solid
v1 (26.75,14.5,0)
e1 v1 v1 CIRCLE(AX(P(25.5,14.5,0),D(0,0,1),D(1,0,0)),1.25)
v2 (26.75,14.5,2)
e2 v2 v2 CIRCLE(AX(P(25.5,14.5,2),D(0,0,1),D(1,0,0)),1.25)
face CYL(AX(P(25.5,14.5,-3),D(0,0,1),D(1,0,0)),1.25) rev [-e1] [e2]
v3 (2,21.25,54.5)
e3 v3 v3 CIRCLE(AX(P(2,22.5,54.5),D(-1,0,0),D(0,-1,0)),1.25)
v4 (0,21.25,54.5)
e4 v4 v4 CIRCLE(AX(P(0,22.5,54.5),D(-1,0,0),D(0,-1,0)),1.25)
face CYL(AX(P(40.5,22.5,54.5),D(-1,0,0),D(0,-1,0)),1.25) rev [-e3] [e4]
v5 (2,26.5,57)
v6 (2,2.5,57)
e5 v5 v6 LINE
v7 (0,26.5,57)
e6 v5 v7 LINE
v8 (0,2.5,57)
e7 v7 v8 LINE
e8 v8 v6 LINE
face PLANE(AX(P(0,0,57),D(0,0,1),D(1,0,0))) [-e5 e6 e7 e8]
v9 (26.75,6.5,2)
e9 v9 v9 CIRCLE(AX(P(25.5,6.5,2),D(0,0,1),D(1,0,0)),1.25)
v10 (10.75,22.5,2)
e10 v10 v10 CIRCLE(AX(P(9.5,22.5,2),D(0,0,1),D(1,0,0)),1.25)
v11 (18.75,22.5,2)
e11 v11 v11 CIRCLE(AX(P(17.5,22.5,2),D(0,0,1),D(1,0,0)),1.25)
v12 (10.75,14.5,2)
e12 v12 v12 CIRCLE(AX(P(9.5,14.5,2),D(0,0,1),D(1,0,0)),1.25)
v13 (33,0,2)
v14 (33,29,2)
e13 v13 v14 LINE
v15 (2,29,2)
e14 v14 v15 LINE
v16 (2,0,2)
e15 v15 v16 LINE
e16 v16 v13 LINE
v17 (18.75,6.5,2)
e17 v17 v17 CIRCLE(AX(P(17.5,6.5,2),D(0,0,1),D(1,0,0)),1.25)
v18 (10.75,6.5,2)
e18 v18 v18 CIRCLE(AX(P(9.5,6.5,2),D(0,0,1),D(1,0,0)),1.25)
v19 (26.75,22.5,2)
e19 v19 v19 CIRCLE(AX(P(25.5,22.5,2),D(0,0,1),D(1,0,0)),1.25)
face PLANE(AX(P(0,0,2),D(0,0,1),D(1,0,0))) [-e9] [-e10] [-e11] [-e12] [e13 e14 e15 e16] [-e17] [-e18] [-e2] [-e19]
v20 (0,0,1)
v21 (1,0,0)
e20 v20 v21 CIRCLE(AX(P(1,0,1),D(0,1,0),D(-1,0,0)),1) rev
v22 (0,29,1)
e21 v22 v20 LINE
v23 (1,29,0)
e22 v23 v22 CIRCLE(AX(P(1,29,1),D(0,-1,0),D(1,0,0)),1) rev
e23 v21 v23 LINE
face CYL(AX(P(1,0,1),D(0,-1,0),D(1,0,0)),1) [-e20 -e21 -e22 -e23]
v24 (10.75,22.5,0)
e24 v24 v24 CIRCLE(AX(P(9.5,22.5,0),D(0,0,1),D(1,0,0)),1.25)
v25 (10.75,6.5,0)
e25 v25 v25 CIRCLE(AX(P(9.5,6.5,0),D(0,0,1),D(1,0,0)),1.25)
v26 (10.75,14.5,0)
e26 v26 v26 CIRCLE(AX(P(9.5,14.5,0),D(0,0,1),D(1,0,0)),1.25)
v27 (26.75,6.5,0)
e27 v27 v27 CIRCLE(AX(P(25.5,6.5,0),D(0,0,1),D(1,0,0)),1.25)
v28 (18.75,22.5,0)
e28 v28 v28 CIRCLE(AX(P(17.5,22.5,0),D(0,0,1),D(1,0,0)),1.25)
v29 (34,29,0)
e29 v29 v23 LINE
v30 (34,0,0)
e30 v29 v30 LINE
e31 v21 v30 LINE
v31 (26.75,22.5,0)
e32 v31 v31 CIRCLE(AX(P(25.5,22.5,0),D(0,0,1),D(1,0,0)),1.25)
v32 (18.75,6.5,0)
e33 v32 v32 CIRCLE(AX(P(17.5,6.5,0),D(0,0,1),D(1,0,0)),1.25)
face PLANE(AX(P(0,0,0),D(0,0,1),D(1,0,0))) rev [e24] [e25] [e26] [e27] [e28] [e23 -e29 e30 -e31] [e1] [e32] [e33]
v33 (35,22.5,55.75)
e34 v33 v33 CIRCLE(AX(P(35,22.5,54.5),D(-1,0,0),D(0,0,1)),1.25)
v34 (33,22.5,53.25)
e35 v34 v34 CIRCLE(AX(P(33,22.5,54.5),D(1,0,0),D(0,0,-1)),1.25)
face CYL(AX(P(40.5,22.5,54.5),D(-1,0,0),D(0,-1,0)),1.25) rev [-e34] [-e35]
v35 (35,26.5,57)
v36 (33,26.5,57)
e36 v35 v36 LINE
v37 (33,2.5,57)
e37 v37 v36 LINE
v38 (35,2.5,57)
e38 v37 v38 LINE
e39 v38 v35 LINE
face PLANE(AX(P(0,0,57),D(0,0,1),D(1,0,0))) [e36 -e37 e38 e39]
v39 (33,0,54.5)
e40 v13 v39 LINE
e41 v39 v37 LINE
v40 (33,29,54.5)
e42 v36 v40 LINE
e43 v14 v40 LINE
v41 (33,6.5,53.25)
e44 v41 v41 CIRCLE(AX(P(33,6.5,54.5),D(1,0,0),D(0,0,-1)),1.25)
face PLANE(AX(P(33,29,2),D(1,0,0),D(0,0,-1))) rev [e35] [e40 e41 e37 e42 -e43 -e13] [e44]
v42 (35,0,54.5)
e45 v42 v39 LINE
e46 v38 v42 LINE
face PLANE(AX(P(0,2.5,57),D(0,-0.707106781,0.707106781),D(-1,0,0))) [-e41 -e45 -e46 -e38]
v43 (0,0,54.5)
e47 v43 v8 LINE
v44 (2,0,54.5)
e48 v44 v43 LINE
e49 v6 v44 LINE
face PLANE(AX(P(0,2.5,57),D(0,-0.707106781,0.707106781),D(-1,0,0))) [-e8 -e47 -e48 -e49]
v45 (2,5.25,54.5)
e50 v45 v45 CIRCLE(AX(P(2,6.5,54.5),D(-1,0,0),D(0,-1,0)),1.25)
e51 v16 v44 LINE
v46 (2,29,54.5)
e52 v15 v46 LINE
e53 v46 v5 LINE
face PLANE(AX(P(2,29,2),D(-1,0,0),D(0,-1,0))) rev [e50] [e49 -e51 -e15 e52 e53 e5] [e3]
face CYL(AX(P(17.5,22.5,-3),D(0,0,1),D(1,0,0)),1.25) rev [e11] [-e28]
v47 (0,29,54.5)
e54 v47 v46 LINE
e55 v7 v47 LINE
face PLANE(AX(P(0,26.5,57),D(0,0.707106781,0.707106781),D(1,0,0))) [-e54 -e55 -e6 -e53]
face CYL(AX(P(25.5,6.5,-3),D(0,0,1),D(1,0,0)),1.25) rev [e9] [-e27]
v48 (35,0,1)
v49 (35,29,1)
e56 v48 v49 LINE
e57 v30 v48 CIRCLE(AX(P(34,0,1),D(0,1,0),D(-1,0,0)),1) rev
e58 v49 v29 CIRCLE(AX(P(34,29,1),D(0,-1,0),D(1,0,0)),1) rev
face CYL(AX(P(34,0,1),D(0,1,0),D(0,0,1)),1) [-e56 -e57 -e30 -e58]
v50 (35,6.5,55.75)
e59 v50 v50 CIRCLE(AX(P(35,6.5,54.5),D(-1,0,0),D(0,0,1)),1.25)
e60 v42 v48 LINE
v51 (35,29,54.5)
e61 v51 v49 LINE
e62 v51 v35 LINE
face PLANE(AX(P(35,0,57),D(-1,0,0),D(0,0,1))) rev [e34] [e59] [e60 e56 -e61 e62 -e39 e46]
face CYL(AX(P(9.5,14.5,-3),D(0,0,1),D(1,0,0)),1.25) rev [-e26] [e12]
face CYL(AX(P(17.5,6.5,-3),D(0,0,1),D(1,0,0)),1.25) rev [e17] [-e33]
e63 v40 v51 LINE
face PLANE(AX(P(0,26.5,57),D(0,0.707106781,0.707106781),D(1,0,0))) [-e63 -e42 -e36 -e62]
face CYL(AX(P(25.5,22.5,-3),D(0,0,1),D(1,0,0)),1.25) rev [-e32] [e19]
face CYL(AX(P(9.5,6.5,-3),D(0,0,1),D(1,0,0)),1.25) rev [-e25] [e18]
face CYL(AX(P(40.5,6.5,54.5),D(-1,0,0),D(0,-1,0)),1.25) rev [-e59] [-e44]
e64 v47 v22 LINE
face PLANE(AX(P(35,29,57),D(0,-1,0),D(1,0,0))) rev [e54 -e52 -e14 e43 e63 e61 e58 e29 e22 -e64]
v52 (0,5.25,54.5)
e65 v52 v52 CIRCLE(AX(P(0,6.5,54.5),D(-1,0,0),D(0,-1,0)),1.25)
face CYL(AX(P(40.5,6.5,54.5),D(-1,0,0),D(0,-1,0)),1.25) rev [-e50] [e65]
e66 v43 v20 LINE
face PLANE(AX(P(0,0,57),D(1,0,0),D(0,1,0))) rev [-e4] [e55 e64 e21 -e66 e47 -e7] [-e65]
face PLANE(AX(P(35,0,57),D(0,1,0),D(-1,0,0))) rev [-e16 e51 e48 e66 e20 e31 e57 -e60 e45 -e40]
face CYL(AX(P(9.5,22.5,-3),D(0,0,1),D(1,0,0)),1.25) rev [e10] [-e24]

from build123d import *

# Parameters (mm, degrees)
SKETCH1_W           = 35
SKETCH1_H           = 29
BOSS_EXTRUDE1_DEPTH = 57
SKETCH3_W           = 31
SKETCH3_H           = 29
CUT_EXTRUDE1_DEPTH  = 55
FILLET1_R           = 1
CHAMFER1_SIZE       = 2.5
SKETCH4_R           = 1.25
CUT_EXTRUDE2_DEPTH  = 40.5
SKETCH7_R           = 1.25
CUT_EXTRUDE3_DEPTH  = 5


with BuildPart() as part:
    # Sketch1 → Boss-Extrude1 (new body)
    with BuildSketch(Plane.XY):
        with Locations((17.5, 14.5)):
            Rectangle(SKETCH1_W, SKETCH1_H)
    extrude(amount=BOSS_EXTRUDE1_DEPTH)

    # Sketch3 → Cut-Extrude1 (cut)
    with BuildSketch(Plane.XY.offset(57)):
        with Locations((17.5, 14.5)):
            Rectangle(SKETCH3_W, SKETCH3_H)
    extrude(amount=-CUT_EXTRUDE1_DEPTH, mode=Mode.SUBTRACT)

    # Fillet1
    fillet1_edges = [part.edges().sort_by_distance(p)[0] for p in [
        (0, 14.5, 0),
        (35, 14.5, 0),
    ]]
    fillet(fillet1_edges, radius=FILLET1_R)

    # Chamfer1
    chamfer1_edges = [part.edges().sort_by_distance(p)[0] for p in [
        (1, 0, 57),
        (1, 29, 57),
        (34, 0, 57),
        (34, 29, 57),
    ]]
    chamfer(chamfer1_edges, length=CHAMFER1_SIZE)

    # Sketch4 → Cut-Extrude2 (cut)
    with BuildSketch(Plane.ZY):
        with Locations((54.5, 22.5)):
            Circle(SKETCH4_R)
        with Locations((54.5, 6.5)):
            Circle(SKETCH4_R)
    extrude(amount=-CUT_EXTRUDE2_DEPTH, mode=Mode.SUBTRACT)

    # Sketch7 → Cut-Extrude3 (cut)
    with BuildSketch(Plane.XY.offset(2)):
        with Locations((9.5, 6.5)):
            Circle(SKETCH7_R)
        with Locations((17.5, 6.5)):
            Circle(SKETCH7_R)
        with Locations((25.5, 6.5)):
            Circle(SKETCH7_R)
        with Locations((25.5, 14.5)):
            Circle(SKETCH7_R)
        with Locations((17.5, 22.5)):
            Circle(SKETCH7_R)
        with Locations((25.5, 22.5)):
            Circle(SKETCH7_R)
        with Locations((9.5, 14.5)):
            Circle(SKETCH7_R)
        with Locations((9.5, 22.5)):
            Circle(SKETCH7_R)
    extrude(amount=-CUT_EXTRUDE3_DEPTH, mode=Mode.SUBTRACT)


solid = part.part
